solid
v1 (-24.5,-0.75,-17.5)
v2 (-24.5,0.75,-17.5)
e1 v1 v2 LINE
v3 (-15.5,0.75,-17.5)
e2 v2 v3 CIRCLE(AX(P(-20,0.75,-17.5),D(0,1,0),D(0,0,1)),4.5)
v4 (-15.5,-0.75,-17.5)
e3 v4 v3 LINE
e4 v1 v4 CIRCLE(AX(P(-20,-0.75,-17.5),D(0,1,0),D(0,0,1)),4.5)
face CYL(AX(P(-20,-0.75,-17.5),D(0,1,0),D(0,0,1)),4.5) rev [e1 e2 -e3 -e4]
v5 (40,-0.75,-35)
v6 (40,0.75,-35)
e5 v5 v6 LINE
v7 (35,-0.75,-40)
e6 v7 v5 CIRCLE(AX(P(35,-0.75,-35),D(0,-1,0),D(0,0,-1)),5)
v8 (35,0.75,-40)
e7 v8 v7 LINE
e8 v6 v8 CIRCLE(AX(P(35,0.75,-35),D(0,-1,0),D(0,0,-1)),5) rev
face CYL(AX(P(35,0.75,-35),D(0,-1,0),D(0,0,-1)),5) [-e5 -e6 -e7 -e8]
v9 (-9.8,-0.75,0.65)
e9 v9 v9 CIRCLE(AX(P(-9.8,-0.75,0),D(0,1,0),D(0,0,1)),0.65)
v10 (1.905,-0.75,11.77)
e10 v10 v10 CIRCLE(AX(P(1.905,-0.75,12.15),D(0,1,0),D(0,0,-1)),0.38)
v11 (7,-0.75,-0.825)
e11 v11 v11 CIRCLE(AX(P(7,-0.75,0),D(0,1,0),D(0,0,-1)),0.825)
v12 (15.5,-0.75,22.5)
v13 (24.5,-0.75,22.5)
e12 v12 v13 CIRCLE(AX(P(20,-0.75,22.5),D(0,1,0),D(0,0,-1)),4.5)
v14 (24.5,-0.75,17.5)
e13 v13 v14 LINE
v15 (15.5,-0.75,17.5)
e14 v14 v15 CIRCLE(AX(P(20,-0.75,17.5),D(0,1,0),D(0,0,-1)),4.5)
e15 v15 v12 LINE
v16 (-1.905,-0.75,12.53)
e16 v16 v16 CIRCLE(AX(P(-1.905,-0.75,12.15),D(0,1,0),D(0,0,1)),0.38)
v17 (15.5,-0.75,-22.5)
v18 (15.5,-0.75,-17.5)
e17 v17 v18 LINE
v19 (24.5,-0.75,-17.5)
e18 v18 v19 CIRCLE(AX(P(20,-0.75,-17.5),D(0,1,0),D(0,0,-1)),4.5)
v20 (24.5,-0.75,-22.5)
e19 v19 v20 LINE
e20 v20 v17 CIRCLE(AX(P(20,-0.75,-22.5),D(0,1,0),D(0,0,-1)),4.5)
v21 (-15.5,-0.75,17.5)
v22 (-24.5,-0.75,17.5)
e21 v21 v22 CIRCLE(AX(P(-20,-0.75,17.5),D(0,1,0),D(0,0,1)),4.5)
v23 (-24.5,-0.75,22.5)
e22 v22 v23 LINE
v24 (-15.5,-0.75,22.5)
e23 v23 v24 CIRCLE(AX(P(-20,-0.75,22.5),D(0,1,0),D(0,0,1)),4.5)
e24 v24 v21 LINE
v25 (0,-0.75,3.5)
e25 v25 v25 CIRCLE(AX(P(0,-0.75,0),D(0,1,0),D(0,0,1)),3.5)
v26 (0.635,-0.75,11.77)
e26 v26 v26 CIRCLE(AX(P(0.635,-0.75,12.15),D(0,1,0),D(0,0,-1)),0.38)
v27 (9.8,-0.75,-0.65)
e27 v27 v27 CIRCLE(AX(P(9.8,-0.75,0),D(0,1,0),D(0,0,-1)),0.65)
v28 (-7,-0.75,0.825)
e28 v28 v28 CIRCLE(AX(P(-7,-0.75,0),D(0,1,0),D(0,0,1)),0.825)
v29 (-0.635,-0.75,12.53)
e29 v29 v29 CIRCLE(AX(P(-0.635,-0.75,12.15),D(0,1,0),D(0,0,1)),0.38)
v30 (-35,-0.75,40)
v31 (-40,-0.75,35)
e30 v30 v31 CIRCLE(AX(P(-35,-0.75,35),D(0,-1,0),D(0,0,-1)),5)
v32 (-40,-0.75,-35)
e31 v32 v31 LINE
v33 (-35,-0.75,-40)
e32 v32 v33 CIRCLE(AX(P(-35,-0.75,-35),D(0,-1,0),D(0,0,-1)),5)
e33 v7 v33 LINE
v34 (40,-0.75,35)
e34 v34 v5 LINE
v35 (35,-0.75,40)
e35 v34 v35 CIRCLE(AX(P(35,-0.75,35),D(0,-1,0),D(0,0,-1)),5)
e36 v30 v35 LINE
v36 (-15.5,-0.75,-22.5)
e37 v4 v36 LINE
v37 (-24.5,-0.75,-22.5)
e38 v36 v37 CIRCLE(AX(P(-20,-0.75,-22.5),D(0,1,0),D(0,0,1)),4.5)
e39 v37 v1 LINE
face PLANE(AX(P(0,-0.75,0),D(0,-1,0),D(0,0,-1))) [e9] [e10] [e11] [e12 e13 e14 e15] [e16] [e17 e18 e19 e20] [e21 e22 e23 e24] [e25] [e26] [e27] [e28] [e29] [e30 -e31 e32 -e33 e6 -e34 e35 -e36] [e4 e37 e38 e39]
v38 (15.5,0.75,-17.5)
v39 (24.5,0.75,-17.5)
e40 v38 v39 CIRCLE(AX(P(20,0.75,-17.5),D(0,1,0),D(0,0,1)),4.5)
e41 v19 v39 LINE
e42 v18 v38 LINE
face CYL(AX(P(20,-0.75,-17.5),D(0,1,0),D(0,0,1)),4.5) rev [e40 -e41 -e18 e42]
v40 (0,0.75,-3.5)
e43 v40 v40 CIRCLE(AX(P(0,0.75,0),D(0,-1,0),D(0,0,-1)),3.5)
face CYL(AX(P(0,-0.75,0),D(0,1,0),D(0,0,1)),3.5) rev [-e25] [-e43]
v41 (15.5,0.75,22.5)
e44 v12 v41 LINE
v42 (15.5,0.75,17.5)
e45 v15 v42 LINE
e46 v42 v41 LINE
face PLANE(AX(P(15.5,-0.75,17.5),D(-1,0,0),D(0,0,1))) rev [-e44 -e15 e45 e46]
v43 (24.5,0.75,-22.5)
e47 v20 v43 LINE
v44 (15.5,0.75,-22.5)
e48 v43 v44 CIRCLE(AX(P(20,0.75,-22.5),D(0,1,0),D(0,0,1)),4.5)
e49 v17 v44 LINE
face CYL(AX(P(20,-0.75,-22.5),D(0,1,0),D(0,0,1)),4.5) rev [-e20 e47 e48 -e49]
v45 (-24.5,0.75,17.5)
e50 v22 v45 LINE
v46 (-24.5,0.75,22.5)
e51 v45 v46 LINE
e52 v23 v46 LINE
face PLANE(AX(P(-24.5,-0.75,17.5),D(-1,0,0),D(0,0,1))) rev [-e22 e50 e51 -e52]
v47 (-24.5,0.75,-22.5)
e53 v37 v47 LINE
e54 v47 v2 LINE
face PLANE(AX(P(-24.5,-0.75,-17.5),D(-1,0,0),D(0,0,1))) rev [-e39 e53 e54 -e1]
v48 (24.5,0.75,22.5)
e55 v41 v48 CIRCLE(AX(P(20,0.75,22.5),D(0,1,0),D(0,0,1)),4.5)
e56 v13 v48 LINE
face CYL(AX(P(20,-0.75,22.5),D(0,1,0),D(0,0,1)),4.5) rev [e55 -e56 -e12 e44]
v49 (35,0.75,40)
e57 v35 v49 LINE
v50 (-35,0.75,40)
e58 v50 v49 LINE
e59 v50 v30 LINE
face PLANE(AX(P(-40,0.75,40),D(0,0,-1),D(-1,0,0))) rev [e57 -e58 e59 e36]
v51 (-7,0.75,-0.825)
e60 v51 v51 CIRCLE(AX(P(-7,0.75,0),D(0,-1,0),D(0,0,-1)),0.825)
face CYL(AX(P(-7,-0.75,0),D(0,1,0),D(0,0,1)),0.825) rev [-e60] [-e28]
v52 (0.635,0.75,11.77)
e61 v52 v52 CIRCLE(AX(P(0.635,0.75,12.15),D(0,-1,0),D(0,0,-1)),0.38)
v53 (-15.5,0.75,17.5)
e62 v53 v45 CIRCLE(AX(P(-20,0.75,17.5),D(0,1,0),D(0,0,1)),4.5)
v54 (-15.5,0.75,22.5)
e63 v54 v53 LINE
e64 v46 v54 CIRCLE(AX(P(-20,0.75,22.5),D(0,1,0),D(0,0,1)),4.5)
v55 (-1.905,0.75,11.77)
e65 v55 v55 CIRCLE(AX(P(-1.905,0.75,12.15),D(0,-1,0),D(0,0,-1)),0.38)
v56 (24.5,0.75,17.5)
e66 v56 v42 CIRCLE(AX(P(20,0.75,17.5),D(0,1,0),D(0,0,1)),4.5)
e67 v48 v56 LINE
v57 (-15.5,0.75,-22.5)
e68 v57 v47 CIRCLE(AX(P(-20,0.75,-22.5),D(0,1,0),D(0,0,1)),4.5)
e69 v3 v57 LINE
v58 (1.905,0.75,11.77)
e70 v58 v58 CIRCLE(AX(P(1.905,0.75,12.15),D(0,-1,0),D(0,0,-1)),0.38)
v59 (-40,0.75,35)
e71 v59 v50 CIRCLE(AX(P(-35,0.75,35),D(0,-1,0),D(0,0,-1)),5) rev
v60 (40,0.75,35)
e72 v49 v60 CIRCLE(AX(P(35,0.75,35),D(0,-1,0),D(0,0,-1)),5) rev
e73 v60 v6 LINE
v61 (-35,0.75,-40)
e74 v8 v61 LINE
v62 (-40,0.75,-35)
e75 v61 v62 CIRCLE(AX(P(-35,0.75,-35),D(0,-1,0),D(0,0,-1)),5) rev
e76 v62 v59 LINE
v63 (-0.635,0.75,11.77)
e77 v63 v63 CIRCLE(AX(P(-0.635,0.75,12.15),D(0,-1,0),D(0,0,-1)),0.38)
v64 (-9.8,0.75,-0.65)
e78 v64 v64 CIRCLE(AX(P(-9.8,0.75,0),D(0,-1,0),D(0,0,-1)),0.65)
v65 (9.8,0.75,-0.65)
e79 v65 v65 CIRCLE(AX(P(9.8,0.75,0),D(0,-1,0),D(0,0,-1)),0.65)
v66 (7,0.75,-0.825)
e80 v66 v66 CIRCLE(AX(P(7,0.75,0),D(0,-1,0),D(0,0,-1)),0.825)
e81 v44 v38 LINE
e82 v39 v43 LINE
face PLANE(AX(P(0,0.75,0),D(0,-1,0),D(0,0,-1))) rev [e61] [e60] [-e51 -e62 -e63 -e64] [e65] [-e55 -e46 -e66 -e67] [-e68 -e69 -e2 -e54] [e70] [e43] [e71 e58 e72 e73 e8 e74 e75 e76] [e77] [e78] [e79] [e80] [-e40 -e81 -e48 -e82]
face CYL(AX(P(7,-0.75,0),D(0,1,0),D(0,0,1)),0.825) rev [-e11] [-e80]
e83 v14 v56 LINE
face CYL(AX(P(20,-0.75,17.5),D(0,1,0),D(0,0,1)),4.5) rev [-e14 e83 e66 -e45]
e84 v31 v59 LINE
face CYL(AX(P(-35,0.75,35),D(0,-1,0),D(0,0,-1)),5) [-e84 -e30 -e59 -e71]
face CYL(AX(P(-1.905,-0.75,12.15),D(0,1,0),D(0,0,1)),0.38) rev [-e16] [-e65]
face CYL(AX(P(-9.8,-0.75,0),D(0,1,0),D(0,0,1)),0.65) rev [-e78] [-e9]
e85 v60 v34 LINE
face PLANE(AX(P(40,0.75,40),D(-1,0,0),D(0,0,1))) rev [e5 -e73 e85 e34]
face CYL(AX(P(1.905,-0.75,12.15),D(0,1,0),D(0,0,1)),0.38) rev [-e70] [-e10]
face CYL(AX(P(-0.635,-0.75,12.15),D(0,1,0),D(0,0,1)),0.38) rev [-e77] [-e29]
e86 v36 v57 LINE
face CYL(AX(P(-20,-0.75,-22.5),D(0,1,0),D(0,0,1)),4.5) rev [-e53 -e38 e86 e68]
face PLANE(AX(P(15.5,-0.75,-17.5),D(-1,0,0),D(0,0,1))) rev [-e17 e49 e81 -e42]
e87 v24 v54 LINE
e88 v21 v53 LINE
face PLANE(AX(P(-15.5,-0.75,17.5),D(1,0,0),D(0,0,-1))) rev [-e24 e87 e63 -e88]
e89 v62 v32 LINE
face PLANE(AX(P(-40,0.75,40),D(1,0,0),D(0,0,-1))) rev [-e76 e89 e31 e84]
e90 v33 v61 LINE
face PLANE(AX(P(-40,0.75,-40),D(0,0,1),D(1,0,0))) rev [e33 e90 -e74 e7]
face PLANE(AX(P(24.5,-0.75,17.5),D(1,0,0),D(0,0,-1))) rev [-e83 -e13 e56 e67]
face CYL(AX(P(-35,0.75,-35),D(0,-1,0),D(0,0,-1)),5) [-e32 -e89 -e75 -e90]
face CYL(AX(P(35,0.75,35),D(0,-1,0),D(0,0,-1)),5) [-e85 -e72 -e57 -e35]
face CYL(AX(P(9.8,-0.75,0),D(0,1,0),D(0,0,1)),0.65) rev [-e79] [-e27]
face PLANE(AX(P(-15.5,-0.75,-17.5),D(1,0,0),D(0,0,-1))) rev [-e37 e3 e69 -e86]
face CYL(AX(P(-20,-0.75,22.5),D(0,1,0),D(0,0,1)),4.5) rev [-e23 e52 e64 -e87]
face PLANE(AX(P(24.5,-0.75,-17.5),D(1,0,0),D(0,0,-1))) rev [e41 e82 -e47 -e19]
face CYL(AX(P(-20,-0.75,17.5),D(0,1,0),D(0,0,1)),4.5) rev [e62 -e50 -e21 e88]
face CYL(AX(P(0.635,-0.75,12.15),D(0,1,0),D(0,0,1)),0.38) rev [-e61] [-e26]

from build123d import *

# Parameters (mm, degrees)
SKETCH1_W               = 80
SKETCH1_H               = 80
BOSS_EXTRUDE1_DEPTH     = 0.75
FILLET1_R               = 5
FILLET3_R               = 5
FILLET4_R               = 5
FILLET5_R               = 5
CUT_EXTRUDE1_DEPTH      = 57.588426379
CUT_EXTRUDE1_DEPTH_BACK = 57.588426379
CUT_EXTRUDE2_DEPTH      = 57.588426379
CUT_EXTRUDE2_DEPTH_BACK = 57.588426379
SKETCH3_R               = 3.5
CUT_EXTRUDE3_DEPTH      = 57.588426379
CUT_EXTRUDE3_DEPTH_BACK = 57.588426379
SKETCH4_R               = 0.38
SKETCH4_R_2             = 0.65
SKETCH4_R_3             = 0.825


with BuildPart() as part:
    # Sketch1 → Boss-Extrude1 (new, symmetric)
    with BuildSketch(Plane(origin=(0, 0, 0), x_dir=(1, 0, 0), z_dir=(0, 1, 0))):
        Rectangle(SKETCH1_W, SKETCH1_H)
    extrude(amount=BOSS_EXTRUDE1_DEPTH, both=True)

    # Fillet1
    fillet1_edges = [part.edges().sort_by_distance(p)[0] for p in [
        (-40, 0, 40),
    ]]
    fillet(fillet1_edges, radius=FILLET1_R)

    # Fillet3
    fillet3_edges = [part.edges().sort_by_distance(p)[0] for p in [
        (-40, 0, -40),
    ]]
    fillet(fillet3_edges, radius=FILLET3_R)

    # Fillet4
    fillet4_edges = [part.edges().sort_by_distance(p)[0] for p in [
        (40, 0, -40),
    ]]
    fillet(fillet4_edges, radius=FILLET4_R)

    # Fillet5
    fillet5_edges = [part.edges().sort_by_distance(p)[0] for p in [
        (40, 0, 40),
    ]]
    fillet(fillet5_edges, radius=FILLET5_R)

    # Sketch2 → Cut-Extrude1 (cut, two sides: drawn at the far end of the back side and taken through both)
    with BuildSketch(Plane(origin=(0, 0.75, 0), x_dir=(1, 0, 0), z_dir=(0, 1, 0)).offset(-CUT_EXTRUDE1_DEPTH_BACK)):
        with BuildLine():
            Line((-24.5, 17.5), (-24.5, 22.5))
            ThreePointArc((-24.5, 22.5), (-20, 27), (-15.5, 22.5))
            Line((-15.5, 22.5), (-15.5, 17.5))
            ThreePointArc((-15.5, 17.5), (-20, 13), (-24.5, 17.5))
        make_face()
        with BuildLine():
            Line((-15.5, -17.5), (-15.5, -22.5))
            ThreePointArc((-15.5, -22.5), (-20, -27), (-24.5, -22.5))
            Line((-24.5, -22.5), (-24.5, -17.5))
            ThreePointArc((-24.5, -17.5), (-20, -13), (-15.5, -17.5))
        make_face()
        with BuildLine():
            Line((15.5, -17.5), (15.5, -22.5))
            ThreePointArc((15.5, -22.5), (20, -27), (24.5, -22.5))
            Line((24.5, -22.5), (24.5, -17.5))
            ThreePointArc((24.5, -17.5), (20, -13), (15.5, -17.5))
        make_face()
        with BuildLine():
            Line((24.5, 17.5), (24.5, 22.5))
            ThreePointArc((24.5, 22.5), (20, 27), (15.5, 22.5))
            Line((15.5, 22.5), (15.5, 17.5))
            ThreePointArc((15.5, 17.5), (20, 13), (24.5, 17.5))
        make_face()
    extrude(amount=CUT_EXTRUDE1_DEPTH + CUT_EXTRUDE1_DEPTH_BACK, mode=Mode.SUBTRACT)

    # Sketch3 → Cut-Extrude2 (cut, two sides: drawn at the far end of the back side and taken through both)
    with BuildSketch(Plane(origin=(0, 0.75, 0), x_dir=(1, 0, 0), z_dir=(0, 1, 0)).offset(-CUT_EXTRUDE2_DEPTH_BACK)):
        with Locations(Location((0, 0, 0), (0, 0, 270))):
            Circle(SKETCH3_R)
    extrude(amount=CUT_EXTRUDE2_DEPTH + CUT_EXTRUDE2_DEPTH_BACK, mode=Mode.SUBTRACT)

    # Sketch4 → Cut-Extrude3 (cut, two sides: drawn at the far end of the back side and taken through both)
    with BuildSketch(Plane(origin=(0, 0.75, 0), x_dir=(1, 0, 0), z_dir=(0, 1, 0)).offset(-CUT_EXTRUDE3_DEPTH_BACK)):
        with Locations(Location((-0.635, -12.15, 0), (0, 0, 270))):
            Circle(SKETCH4_R)
        with Locations(Location((-1.905, -12.15, 0), (0, 0, 270))):
            Circle(SKETCH4_R)
        with Locations(Location((-9.8, 0, 0), (0, 0, 270))):
            Circle(SKETCH4_R_2)
        with Locations(Location((-7, 0, 0), (0, 0, 270))):
            Circle(SKETCH4_R_3)
        with Locations(Location((7, 0, 0), (0, 0, 90))):
            Circle(SKETCH4_R_3)
        with Locations(Location((9.8, 0, 0), (0, 0, 90))):
            Circle(SKETCH4_R_2)
        with Locations(Location((0.635, -12.15, 0), (0, 0, 90))):
            Circle(SKETCH4_R)
        with Locations(Location((1.905, -12.15, 0), (0, 0, 90))):
            Circle(SKETCH4_R)
    extrude(amount=CUT_EXTRUDE3_DEPTH + CUT_EXTRUDE3_DEPTH_BACK, mode=Mode.SUBTRACT)


solid = part.part
